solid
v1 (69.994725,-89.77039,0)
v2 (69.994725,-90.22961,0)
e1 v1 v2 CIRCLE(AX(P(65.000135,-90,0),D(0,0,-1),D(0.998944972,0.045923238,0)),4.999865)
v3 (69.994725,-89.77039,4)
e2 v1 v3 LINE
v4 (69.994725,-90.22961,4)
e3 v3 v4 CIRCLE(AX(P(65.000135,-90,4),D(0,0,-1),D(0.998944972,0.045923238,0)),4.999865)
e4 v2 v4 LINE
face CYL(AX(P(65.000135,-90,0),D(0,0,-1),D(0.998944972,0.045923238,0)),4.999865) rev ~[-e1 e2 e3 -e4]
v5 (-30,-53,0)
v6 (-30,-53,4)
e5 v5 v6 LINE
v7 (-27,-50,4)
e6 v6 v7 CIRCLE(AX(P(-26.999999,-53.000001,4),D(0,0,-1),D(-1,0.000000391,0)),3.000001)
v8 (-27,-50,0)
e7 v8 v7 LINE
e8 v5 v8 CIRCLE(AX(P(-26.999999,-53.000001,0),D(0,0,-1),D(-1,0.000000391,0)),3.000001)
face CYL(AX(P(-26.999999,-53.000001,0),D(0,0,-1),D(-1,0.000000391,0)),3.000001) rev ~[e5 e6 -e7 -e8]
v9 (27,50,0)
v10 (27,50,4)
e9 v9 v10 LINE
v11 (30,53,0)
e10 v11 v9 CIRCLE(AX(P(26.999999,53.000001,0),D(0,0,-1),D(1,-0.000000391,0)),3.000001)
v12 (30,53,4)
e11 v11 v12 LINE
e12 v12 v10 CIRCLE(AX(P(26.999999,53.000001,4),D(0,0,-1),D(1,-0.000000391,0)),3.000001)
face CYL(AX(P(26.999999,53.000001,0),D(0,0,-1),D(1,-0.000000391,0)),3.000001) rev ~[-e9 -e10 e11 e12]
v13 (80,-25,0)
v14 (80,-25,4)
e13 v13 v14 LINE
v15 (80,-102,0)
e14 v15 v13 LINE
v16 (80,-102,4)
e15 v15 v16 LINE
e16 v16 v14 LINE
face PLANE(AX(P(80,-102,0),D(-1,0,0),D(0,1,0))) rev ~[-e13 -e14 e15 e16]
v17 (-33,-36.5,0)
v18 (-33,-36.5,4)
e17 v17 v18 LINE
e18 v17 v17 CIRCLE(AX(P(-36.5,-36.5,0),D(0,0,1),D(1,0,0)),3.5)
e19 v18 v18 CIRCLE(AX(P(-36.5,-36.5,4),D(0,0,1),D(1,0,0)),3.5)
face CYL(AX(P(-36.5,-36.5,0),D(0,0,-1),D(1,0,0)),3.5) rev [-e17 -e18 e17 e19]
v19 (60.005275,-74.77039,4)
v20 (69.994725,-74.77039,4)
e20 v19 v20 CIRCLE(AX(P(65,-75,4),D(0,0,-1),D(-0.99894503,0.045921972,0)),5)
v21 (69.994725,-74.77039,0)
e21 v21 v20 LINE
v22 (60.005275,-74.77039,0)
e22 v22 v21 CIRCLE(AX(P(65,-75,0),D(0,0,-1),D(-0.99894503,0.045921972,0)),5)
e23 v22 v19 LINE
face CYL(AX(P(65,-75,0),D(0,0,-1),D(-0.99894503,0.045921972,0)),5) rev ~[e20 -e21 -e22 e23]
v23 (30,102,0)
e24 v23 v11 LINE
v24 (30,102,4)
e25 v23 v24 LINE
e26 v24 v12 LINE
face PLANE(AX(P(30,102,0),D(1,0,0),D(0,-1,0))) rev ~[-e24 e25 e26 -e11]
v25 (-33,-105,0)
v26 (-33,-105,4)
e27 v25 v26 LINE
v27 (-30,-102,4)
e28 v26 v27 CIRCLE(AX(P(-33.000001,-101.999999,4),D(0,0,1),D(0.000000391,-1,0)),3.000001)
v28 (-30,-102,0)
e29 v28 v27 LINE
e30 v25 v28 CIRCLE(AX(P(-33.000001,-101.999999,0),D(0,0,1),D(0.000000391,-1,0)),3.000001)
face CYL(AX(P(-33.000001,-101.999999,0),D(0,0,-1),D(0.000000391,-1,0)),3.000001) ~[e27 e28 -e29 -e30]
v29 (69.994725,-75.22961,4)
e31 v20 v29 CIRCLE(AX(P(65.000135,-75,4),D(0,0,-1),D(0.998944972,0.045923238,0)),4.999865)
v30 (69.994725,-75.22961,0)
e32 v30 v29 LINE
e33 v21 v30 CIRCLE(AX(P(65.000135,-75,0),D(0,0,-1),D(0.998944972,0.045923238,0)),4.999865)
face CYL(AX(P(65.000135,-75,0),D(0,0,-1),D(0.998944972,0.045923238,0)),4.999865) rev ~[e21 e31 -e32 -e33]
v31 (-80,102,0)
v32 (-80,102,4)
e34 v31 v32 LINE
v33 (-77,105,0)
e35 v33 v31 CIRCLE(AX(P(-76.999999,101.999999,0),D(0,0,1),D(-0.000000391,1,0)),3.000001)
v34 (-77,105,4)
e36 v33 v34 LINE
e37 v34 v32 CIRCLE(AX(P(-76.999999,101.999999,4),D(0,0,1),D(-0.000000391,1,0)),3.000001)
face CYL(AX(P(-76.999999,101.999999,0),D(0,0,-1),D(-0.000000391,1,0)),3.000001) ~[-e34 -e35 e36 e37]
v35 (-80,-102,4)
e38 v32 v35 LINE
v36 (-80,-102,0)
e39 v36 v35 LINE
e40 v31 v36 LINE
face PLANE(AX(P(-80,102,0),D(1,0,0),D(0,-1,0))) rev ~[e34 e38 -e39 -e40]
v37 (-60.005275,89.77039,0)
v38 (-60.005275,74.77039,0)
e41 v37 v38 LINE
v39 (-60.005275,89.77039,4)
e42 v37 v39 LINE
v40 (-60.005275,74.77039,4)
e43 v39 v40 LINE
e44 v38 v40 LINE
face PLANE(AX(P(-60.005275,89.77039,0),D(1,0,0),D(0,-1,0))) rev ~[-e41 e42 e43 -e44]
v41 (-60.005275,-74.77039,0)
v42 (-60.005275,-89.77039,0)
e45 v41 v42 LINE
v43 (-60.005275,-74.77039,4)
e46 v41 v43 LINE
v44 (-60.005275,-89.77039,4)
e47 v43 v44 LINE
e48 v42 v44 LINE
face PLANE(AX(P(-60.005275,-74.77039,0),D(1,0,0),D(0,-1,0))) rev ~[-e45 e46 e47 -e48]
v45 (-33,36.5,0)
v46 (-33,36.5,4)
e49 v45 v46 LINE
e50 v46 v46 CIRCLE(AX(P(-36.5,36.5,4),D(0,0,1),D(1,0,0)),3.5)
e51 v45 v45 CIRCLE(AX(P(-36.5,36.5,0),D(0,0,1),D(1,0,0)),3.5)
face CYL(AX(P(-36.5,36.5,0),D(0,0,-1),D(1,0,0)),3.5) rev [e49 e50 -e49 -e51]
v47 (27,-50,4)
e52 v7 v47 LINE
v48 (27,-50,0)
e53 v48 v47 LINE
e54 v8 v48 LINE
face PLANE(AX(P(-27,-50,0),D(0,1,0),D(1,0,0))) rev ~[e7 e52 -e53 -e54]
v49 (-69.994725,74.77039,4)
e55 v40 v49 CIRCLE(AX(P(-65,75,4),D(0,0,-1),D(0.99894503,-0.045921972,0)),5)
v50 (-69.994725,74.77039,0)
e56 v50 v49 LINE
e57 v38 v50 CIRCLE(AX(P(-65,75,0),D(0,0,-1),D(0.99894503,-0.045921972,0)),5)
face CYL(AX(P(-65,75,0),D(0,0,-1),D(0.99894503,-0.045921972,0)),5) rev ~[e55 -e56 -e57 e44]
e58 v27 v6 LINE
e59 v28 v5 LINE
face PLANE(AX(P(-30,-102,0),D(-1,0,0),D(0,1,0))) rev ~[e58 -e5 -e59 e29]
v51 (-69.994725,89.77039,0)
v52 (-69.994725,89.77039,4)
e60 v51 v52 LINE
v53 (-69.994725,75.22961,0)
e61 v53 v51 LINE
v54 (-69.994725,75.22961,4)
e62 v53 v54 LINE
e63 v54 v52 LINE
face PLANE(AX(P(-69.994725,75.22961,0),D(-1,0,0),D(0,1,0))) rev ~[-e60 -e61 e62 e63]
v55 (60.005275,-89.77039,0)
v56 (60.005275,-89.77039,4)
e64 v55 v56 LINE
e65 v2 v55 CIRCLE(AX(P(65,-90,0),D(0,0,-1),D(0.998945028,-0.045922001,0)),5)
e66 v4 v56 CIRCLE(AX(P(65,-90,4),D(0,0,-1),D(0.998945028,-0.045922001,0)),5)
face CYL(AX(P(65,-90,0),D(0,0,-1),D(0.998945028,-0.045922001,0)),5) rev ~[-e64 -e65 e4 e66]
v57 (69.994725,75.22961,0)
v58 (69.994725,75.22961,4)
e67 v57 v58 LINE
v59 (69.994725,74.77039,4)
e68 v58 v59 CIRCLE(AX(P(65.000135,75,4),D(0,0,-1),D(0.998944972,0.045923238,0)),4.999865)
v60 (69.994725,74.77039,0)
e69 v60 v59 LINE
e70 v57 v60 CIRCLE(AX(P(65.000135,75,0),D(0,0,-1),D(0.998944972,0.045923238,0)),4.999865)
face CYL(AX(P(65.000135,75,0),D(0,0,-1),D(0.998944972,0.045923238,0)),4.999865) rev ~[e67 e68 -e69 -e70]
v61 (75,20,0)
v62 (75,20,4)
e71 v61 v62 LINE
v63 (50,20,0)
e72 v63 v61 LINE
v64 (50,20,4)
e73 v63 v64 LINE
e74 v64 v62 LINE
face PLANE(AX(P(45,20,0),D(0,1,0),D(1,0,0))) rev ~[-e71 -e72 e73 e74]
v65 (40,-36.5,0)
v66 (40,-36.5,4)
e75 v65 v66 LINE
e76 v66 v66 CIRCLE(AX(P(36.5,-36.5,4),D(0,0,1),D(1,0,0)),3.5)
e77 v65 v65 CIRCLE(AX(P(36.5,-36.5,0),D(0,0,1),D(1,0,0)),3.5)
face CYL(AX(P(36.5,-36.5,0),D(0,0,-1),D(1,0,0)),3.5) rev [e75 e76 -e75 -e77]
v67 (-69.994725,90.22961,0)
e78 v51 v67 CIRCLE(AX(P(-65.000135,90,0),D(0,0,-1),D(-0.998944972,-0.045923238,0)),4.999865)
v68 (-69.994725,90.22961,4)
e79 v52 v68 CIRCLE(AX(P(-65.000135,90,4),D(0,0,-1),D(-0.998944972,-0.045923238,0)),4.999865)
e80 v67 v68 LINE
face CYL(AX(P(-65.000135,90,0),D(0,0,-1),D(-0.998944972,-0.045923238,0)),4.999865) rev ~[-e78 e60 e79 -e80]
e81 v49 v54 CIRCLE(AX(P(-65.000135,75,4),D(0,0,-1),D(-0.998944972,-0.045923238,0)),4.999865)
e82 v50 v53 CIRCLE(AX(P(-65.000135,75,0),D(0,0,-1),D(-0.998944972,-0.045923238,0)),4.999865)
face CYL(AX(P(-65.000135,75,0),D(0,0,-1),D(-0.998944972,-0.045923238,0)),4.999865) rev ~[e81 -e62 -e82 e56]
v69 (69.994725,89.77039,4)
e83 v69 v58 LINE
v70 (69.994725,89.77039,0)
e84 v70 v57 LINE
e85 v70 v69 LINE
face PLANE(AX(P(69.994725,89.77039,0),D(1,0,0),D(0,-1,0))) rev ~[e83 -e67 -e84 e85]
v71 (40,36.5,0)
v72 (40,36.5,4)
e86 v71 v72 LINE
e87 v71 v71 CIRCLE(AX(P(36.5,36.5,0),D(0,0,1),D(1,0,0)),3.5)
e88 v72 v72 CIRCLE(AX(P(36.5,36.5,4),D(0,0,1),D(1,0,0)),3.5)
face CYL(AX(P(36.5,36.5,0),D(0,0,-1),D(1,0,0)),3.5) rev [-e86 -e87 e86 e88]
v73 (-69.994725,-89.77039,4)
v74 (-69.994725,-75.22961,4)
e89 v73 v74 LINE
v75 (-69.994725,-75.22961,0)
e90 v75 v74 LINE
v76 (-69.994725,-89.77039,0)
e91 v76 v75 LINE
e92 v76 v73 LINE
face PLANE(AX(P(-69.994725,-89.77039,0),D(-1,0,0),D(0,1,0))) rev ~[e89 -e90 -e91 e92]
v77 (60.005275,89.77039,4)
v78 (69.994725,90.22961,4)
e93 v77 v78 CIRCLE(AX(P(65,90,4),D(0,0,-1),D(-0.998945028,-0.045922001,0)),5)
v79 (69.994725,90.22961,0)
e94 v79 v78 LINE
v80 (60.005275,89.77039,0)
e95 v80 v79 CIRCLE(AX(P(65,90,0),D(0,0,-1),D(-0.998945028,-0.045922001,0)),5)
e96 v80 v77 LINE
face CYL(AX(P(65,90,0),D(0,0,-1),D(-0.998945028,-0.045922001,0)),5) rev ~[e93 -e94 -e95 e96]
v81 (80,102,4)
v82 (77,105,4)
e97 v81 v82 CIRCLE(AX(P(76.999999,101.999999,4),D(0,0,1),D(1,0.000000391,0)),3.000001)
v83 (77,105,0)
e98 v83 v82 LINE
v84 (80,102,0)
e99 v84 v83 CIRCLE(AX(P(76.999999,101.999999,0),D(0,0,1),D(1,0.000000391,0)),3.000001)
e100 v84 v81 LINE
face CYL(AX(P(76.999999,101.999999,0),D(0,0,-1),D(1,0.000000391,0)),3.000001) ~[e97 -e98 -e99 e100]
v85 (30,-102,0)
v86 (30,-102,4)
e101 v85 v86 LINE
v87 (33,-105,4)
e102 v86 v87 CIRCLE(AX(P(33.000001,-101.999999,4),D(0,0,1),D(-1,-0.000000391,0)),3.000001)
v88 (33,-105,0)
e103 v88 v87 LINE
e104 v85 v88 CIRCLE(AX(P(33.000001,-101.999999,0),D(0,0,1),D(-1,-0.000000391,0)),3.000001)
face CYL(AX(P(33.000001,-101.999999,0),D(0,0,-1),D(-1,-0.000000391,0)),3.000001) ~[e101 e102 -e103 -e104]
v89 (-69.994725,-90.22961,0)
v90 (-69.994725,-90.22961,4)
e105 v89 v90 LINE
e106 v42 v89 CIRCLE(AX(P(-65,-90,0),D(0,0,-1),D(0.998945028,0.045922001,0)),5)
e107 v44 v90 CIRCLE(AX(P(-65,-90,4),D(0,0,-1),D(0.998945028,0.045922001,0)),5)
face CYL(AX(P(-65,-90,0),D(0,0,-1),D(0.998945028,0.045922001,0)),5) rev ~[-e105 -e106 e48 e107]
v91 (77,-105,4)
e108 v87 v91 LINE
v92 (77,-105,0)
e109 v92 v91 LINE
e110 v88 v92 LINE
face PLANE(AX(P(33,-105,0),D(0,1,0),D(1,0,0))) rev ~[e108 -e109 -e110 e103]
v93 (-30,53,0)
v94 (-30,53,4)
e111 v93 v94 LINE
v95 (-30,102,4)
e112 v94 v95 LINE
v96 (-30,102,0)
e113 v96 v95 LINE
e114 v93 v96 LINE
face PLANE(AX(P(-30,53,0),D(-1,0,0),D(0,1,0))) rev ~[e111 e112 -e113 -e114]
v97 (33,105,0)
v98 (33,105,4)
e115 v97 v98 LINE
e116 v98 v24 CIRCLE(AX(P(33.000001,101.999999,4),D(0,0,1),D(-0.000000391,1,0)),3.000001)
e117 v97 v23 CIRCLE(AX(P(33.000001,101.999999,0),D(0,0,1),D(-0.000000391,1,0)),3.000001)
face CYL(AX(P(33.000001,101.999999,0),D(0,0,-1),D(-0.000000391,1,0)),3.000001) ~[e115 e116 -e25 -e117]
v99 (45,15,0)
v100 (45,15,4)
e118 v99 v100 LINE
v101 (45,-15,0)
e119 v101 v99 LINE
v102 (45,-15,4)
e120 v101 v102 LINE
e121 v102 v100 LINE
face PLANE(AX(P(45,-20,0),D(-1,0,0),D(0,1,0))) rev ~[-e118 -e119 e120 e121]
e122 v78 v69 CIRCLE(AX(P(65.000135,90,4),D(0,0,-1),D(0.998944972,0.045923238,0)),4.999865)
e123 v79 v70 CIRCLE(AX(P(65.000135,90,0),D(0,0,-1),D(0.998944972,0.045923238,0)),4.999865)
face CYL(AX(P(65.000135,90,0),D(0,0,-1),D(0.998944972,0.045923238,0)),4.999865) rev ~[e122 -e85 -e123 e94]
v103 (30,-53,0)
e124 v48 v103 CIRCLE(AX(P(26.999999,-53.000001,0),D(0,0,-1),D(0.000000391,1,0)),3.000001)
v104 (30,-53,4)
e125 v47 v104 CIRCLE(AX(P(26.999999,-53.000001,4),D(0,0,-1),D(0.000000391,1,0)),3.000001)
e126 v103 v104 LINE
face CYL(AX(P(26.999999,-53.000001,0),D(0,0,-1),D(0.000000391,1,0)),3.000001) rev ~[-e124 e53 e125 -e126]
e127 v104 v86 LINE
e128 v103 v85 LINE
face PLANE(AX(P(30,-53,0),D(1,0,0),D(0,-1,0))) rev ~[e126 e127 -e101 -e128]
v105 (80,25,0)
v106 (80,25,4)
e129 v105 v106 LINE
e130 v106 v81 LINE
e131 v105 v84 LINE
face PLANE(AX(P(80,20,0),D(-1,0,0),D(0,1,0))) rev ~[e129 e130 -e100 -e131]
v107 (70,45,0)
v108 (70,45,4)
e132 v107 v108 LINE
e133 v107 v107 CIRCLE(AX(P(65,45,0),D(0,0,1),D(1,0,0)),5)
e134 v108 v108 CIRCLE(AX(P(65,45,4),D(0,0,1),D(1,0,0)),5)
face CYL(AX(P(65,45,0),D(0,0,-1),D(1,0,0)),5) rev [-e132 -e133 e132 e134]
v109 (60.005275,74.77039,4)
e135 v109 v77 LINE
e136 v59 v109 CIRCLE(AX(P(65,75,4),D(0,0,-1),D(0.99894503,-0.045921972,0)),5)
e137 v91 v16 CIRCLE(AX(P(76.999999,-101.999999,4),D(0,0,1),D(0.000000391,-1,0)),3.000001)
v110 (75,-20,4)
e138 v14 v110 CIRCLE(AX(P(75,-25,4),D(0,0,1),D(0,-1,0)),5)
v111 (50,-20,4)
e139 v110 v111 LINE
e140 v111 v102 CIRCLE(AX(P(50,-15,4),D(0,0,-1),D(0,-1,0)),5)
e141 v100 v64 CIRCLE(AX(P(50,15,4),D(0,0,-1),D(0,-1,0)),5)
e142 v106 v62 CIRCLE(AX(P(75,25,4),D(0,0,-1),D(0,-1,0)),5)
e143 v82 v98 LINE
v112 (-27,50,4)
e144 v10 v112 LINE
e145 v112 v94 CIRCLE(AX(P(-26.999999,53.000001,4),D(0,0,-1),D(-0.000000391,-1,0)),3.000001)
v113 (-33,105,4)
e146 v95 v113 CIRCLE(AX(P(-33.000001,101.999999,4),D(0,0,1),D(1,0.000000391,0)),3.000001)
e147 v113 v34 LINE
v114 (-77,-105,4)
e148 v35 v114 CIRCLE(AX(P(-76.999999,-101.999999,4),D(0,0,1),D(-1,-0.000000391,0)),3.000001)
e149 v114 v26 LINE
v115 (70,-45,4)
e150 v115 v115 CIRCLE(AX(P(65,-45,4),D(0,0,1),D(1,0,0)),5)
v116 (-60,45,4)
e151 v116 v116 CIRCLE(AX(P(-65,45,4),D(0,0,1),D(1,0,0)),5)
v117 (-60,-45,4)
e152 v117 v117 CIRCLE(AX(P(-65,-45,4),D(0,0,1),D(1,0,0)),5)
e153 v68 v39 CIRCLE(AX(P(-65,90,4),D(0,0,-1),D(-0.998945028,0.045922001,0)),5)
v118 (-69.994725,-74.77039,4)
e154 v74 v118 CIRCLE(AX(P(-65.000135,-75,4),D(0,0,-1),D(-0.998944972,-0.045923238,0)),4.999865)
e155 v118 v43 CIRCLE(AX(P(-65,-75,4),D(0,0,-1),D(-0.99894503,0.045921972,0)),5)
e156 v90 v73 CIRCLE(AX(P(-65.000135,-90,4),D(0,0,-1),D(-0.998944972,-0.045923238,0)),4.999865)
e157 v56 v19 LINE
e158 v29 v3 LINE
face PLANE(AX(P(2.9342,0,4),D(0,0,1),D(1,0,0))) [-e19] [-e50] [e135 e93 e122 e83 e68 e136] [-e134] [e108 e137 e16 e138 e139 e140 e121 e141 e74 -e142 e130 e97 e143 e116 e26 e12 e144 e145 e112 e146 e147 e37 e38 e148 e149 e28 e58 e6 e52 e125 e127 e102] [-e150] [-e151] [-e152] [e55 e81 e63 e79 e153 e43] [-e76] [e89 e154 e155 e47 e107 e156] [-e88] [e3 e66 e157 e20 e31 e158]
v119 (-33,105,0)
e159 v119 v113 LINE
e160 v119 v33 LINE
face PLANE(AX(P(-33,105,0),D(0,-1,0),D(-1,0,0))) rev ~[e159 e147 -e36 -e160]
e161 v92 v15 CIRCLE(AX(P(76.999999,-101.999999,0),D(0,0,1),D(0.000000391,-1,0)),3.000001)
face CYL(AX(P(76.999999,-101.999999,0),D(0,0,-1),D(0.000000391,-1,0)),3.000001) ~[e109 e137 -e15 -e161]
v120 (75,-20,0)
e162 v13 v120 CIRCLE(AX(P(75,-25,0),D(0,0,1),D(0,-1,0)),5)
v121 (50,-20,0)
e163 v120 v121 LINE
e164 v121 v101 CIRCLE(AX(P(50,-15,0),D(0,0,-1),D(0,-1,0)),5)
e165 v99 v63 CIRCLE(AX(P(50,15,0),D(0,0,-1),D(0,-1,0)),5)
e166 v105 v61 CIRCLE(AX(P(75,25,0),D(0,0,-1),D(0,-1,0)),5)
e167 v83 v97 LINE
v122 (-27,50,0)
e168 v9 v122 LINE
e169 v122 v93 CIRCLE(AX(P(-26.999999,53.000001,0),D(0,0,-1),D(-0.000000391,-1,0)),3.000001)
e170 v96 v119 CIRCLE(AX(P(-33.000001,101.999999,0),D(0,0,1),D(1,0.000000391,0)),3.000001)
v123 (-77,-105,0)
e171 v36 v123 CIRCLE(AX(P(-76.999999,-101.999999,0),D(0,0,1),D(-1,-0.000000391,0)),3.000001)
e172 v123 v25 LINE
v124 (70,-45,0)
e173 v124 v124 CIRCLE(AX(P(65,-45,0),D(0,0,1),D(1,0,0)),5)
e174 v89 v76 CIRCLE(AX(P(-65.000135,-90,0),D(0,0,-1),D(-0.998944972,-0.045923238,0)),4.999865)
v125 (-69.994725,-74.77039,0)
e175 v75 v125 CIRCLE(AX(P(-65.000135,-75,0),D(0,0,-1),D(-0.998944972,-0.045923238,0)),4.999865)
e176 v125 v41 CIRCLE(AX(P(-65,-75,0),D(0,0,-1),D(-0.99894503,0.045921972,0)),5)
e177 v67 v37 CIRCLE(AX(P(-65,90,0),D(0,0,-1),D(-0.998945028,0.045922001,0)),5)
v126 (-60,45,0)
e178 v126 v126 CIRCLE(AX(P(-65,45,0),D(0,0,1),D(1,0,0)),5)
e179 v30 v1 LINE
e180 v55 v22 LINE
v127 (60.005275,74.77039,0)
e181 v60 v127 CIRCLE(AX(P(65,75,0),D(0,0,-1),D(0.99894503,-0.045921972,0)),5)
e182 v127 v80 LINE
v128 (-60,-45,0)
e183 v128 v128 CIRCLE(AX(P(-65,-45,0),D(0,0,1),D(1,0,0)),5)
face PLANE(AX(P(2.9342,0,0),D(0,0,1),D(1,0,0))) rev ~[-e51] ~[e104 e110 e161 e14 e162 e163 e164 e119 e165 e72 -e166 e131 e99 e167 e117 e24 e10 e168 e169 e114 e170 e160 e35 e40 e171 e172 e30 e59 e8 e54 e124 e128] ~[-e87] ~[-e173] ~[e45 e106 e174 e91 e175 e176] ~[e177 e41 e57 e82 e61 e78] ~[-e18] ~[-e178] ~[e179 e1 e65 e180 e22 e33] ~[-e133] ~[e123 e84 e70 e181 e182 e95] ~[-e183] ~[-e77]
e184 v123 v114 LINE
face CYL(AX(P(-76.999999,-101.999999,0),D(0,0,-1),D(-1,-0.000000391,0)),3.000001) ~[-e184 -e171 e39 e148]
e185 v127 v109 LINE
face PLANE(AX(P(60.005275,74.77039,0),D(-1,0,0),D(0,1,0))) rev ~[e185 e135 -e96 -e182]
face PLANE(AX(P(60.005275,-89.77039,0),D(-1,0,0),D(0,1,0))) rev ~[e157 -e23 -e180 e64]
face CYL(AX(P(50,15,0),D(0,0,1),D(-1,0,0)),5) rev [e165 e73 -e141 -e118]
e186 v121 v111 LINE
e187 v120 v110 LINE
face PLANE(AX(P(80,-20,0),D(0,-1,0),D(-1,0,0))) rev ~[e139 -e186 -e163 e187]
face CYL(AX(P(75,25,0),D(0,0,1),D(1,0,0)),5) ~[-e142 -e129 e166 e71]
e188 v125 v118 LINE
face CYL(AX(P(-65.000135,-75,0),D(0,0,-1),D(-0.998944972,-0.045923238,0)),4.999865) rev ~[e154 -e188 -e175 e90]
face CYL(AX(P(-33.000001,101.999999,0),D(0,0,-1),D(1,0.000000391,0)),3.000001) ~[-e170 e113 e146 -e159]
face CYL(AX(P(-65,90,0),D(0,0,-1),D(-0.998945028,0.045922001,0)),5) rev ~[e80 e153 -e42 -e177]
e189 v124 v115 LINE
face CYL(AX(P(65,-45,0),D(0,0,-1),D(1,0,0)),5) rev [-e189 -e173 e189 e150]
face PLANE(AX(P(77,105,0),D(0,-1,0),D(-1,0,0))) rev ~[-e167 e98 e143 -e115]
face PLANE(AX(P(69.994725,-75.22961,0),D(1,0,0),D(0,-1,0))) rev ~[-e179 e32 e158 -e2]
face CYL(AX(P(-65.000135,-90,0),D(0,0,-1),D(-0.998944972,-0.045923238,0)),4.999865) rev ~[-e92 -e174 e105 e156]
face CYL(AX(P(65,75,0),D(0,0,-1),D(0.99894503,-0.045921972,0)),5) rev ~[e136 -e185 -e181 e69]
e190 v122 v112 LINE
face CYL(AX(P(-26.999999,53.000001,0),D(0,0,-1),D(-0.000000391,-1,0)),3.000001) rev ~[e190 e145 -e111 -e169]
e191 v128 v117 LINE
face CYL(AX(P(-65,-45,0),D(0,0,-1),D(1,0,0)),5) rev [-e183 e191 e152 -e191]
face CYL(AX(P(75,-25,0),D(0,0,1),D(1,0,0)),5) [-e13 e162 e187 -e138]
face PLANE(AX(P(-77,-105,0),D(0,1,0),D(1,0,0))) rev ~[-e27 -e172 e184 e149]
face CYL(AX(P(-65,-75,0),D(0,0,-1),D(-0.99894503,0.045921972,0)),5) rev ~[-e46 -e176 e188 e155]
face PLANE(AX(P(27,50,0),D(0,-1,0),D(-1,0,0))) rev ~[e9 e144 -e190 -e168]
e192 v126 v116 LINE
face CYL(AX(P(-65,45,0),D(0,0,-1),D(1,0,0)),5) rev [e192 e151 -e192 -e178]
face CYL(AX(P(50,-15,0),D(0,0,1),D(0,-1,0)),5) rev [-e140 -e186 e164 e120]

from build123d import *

# Parameters (mm, degrees)
F0_R     = 5
F0_R_2   = 3.5
F1_DEPTH = 4
F2_R     = 5


with BuildPart() as f1:
    # F0 (on Top) → F1 (new body)
    with BuildSketch(Plane.XY):
        with BuildLine():
            ThreePointArc((-80, -102), (-79.12132, -104.12132), (-77, -105))
            Line((-77, -105), (-33, -105))
            ThreePointArc((-33, -105), (-30.87868, -104.12132), (-30, -102))
            Line((-30, -102), (-30, -53))
            ThreePointArc((-30, -53), (-29.12132, -50.87868), (-27, -50))
            Line((-27, -50), (27, -50))
            ThreePointArc((27, -50), (29.12132, -50.87868), (30, -53))
            Line((30, -53), (30, -102))
            ThreePointArc((30, -102), (30.87868, -104.12132), (33, -105))
            Line((33, -105), (77, -105))
            ThreePointArc((77, -105), (79.12132, -104.12132), (80, -102))
            Line((80, -102), (80, -20))
            Line((80, -20), (45, -20))
            Line((45, -20), (45, 20))
            Line((45, 20), (80, 20))
            Line((80, 20), (80, 102))
            ThreePointArc((80, 102), (79.12132, 104.12132), (77, 105))
            Line((77, 105), (33, 105))
            ThreePointArc((33, 105), (30.87868, 104.12132), (30, 102))
            Line((30, 102), (30, 53))
            ThreePointArc((30, 53), (29.12132, 50.87868), (27, 50))
            Line((27, 50), (-27, 50))
            ThreePointArc((-27, 50), (-29.12132, 50.87868), (-30, 53))
            Line((-30, 53), (-30, 102))
            ThreePointArc((-30, 102), (-30.87868, 104.12132), (-33, 105))
            Line((-33, 105), (-77, 105))
            ThreePointArc((-77, 105), (-79.12132, 104.12132), (-80, 102))
            Line((-80, 102), (-80, -102))
        make_face()
        with BuildLine():
            Line((-69.994725, -89.77039), (-69.994725, -75.22961))
            ThreePointArc((-69.994725, -75.22961), (-70, -75), (-69.994725, -74.77039))
            ThreePointArc((-69.994725, -74.77039), (-65, -70), (-60.005275, -74.77039))
            Line((-60.005275, -74.77039), (-60.005275, -89.77039))
            ThreePointArc((-60.005275, -89.77039), (-64.77039, -94.994725), (-69.994725, -90.22961))
            ThreePointArc((-69.994725, -90.22961), (-70, -90), (-69.994725, -89.77039))
        make_face(mode=Mode.SUBTRACT)
        with Locations((-65, -45)):
            Circle(F0_R, mode=Mode.SUBTRACT)
        with Locations((-36.5, -36.5)):
            Circle(F0_R_2, mode=Mode.SUBTRACT)
        with BuildLine():
            ThreePointArc((69.994725, -74.77039), (70, -75), (69.994725, -75.22961))
            Line((69.994725, -75.22961), (69.994725, -89.77039))
            ThreePointArc((69.994725, -89.77039), (70, -90), (69.994725, -90.22961))
            ThreePointArc((69.994725, -90.22961), (64.77039, -94.994725), (60.005275, -89.77039))
            Line((60.005275, -89.77039), (60.005275, -74.77039))
            ThreePointArc((60.005275, -74.77039), (65, -70), (69.994725, -74.77039))
        make_face(mode=Mode.SUBTRACT)
        with Locations((36.5, -36.5)):
            Circle(F0_R_2, mode=Mode.SUBTRACT)
        with Locations((65, -45)):
            Circle(F0_R, mode=Mode.SUBTRACT)
        with Locations((-65, 45)):
            Circle(F0_R, mode=Mode.SUBTRACT)
        with Locations((-36.5, 36.5)):
            Circle(F0_R_2, mode=Mode.SUBTRACT)
        with BuildLine():
            ThreePointArc((-69.994725, 90.22961), (-64.77039, 94.994725), (-60.005275, 89.77039))
            Line((-60.005275, 89.77039), (-60.005275, 74.77039))
            ThreePointArc((-60.005275, 74.77039), (-65, 70), (-69.994725, 74.77039))
            ThreePointArc((-69.994725, 74.77039), (-70, 75), (-69.994725, 75.22961))
            Line((-69.994725, 75.22961), (-69.994725, 89.77039))
            ThreePointArc((-69.994725, 89.77039), (-70, 90), (-69.994725, 90.22961))
        make_face(mode=Mode.SUBTRACT)
        with Locations((36.5, 36.5)):
            Circle(F0_R_2, mode=Mode.SUBTRACT)
        with Locations((65, 45)):
            Circle(F0_R, mode=Mode.SUBTRACT)
        with BuildLine():
            Line((69.994725, 89.77039), (69.994725, 75.22961))
            ThreePointArc((69.994725, 75.22961), (70, 75), (69.994725, 74.77039))
            ThreePointArc((69.994725, 74.77039), (65, 70), (60.005275, 74.77039))
            Line((60.005275, 74.77039), (60.005275, 89.77039))
            ThreePointArc((60.005275, 89.77039), (64.77039, 94.994725), (69.994725, 90.22961))
            ThreePointArc((69.994725, 90.22961), (70, 90), (69.994725, 89.77039))
        make_face(mode=Mode.SUBTRACT)
    extrude(amount=F1_DEPTH)

    # F2
    f2_edges = [f1.edges().sort_by_distance(p)[0] for p in [
        (80, -20, 2),
        (45, -20, 2),
        (45, 20, 2),
        (80, 20, 2),
    ]]
    fillet(f2_edges, radius=F2_R)


solid = f1.part
